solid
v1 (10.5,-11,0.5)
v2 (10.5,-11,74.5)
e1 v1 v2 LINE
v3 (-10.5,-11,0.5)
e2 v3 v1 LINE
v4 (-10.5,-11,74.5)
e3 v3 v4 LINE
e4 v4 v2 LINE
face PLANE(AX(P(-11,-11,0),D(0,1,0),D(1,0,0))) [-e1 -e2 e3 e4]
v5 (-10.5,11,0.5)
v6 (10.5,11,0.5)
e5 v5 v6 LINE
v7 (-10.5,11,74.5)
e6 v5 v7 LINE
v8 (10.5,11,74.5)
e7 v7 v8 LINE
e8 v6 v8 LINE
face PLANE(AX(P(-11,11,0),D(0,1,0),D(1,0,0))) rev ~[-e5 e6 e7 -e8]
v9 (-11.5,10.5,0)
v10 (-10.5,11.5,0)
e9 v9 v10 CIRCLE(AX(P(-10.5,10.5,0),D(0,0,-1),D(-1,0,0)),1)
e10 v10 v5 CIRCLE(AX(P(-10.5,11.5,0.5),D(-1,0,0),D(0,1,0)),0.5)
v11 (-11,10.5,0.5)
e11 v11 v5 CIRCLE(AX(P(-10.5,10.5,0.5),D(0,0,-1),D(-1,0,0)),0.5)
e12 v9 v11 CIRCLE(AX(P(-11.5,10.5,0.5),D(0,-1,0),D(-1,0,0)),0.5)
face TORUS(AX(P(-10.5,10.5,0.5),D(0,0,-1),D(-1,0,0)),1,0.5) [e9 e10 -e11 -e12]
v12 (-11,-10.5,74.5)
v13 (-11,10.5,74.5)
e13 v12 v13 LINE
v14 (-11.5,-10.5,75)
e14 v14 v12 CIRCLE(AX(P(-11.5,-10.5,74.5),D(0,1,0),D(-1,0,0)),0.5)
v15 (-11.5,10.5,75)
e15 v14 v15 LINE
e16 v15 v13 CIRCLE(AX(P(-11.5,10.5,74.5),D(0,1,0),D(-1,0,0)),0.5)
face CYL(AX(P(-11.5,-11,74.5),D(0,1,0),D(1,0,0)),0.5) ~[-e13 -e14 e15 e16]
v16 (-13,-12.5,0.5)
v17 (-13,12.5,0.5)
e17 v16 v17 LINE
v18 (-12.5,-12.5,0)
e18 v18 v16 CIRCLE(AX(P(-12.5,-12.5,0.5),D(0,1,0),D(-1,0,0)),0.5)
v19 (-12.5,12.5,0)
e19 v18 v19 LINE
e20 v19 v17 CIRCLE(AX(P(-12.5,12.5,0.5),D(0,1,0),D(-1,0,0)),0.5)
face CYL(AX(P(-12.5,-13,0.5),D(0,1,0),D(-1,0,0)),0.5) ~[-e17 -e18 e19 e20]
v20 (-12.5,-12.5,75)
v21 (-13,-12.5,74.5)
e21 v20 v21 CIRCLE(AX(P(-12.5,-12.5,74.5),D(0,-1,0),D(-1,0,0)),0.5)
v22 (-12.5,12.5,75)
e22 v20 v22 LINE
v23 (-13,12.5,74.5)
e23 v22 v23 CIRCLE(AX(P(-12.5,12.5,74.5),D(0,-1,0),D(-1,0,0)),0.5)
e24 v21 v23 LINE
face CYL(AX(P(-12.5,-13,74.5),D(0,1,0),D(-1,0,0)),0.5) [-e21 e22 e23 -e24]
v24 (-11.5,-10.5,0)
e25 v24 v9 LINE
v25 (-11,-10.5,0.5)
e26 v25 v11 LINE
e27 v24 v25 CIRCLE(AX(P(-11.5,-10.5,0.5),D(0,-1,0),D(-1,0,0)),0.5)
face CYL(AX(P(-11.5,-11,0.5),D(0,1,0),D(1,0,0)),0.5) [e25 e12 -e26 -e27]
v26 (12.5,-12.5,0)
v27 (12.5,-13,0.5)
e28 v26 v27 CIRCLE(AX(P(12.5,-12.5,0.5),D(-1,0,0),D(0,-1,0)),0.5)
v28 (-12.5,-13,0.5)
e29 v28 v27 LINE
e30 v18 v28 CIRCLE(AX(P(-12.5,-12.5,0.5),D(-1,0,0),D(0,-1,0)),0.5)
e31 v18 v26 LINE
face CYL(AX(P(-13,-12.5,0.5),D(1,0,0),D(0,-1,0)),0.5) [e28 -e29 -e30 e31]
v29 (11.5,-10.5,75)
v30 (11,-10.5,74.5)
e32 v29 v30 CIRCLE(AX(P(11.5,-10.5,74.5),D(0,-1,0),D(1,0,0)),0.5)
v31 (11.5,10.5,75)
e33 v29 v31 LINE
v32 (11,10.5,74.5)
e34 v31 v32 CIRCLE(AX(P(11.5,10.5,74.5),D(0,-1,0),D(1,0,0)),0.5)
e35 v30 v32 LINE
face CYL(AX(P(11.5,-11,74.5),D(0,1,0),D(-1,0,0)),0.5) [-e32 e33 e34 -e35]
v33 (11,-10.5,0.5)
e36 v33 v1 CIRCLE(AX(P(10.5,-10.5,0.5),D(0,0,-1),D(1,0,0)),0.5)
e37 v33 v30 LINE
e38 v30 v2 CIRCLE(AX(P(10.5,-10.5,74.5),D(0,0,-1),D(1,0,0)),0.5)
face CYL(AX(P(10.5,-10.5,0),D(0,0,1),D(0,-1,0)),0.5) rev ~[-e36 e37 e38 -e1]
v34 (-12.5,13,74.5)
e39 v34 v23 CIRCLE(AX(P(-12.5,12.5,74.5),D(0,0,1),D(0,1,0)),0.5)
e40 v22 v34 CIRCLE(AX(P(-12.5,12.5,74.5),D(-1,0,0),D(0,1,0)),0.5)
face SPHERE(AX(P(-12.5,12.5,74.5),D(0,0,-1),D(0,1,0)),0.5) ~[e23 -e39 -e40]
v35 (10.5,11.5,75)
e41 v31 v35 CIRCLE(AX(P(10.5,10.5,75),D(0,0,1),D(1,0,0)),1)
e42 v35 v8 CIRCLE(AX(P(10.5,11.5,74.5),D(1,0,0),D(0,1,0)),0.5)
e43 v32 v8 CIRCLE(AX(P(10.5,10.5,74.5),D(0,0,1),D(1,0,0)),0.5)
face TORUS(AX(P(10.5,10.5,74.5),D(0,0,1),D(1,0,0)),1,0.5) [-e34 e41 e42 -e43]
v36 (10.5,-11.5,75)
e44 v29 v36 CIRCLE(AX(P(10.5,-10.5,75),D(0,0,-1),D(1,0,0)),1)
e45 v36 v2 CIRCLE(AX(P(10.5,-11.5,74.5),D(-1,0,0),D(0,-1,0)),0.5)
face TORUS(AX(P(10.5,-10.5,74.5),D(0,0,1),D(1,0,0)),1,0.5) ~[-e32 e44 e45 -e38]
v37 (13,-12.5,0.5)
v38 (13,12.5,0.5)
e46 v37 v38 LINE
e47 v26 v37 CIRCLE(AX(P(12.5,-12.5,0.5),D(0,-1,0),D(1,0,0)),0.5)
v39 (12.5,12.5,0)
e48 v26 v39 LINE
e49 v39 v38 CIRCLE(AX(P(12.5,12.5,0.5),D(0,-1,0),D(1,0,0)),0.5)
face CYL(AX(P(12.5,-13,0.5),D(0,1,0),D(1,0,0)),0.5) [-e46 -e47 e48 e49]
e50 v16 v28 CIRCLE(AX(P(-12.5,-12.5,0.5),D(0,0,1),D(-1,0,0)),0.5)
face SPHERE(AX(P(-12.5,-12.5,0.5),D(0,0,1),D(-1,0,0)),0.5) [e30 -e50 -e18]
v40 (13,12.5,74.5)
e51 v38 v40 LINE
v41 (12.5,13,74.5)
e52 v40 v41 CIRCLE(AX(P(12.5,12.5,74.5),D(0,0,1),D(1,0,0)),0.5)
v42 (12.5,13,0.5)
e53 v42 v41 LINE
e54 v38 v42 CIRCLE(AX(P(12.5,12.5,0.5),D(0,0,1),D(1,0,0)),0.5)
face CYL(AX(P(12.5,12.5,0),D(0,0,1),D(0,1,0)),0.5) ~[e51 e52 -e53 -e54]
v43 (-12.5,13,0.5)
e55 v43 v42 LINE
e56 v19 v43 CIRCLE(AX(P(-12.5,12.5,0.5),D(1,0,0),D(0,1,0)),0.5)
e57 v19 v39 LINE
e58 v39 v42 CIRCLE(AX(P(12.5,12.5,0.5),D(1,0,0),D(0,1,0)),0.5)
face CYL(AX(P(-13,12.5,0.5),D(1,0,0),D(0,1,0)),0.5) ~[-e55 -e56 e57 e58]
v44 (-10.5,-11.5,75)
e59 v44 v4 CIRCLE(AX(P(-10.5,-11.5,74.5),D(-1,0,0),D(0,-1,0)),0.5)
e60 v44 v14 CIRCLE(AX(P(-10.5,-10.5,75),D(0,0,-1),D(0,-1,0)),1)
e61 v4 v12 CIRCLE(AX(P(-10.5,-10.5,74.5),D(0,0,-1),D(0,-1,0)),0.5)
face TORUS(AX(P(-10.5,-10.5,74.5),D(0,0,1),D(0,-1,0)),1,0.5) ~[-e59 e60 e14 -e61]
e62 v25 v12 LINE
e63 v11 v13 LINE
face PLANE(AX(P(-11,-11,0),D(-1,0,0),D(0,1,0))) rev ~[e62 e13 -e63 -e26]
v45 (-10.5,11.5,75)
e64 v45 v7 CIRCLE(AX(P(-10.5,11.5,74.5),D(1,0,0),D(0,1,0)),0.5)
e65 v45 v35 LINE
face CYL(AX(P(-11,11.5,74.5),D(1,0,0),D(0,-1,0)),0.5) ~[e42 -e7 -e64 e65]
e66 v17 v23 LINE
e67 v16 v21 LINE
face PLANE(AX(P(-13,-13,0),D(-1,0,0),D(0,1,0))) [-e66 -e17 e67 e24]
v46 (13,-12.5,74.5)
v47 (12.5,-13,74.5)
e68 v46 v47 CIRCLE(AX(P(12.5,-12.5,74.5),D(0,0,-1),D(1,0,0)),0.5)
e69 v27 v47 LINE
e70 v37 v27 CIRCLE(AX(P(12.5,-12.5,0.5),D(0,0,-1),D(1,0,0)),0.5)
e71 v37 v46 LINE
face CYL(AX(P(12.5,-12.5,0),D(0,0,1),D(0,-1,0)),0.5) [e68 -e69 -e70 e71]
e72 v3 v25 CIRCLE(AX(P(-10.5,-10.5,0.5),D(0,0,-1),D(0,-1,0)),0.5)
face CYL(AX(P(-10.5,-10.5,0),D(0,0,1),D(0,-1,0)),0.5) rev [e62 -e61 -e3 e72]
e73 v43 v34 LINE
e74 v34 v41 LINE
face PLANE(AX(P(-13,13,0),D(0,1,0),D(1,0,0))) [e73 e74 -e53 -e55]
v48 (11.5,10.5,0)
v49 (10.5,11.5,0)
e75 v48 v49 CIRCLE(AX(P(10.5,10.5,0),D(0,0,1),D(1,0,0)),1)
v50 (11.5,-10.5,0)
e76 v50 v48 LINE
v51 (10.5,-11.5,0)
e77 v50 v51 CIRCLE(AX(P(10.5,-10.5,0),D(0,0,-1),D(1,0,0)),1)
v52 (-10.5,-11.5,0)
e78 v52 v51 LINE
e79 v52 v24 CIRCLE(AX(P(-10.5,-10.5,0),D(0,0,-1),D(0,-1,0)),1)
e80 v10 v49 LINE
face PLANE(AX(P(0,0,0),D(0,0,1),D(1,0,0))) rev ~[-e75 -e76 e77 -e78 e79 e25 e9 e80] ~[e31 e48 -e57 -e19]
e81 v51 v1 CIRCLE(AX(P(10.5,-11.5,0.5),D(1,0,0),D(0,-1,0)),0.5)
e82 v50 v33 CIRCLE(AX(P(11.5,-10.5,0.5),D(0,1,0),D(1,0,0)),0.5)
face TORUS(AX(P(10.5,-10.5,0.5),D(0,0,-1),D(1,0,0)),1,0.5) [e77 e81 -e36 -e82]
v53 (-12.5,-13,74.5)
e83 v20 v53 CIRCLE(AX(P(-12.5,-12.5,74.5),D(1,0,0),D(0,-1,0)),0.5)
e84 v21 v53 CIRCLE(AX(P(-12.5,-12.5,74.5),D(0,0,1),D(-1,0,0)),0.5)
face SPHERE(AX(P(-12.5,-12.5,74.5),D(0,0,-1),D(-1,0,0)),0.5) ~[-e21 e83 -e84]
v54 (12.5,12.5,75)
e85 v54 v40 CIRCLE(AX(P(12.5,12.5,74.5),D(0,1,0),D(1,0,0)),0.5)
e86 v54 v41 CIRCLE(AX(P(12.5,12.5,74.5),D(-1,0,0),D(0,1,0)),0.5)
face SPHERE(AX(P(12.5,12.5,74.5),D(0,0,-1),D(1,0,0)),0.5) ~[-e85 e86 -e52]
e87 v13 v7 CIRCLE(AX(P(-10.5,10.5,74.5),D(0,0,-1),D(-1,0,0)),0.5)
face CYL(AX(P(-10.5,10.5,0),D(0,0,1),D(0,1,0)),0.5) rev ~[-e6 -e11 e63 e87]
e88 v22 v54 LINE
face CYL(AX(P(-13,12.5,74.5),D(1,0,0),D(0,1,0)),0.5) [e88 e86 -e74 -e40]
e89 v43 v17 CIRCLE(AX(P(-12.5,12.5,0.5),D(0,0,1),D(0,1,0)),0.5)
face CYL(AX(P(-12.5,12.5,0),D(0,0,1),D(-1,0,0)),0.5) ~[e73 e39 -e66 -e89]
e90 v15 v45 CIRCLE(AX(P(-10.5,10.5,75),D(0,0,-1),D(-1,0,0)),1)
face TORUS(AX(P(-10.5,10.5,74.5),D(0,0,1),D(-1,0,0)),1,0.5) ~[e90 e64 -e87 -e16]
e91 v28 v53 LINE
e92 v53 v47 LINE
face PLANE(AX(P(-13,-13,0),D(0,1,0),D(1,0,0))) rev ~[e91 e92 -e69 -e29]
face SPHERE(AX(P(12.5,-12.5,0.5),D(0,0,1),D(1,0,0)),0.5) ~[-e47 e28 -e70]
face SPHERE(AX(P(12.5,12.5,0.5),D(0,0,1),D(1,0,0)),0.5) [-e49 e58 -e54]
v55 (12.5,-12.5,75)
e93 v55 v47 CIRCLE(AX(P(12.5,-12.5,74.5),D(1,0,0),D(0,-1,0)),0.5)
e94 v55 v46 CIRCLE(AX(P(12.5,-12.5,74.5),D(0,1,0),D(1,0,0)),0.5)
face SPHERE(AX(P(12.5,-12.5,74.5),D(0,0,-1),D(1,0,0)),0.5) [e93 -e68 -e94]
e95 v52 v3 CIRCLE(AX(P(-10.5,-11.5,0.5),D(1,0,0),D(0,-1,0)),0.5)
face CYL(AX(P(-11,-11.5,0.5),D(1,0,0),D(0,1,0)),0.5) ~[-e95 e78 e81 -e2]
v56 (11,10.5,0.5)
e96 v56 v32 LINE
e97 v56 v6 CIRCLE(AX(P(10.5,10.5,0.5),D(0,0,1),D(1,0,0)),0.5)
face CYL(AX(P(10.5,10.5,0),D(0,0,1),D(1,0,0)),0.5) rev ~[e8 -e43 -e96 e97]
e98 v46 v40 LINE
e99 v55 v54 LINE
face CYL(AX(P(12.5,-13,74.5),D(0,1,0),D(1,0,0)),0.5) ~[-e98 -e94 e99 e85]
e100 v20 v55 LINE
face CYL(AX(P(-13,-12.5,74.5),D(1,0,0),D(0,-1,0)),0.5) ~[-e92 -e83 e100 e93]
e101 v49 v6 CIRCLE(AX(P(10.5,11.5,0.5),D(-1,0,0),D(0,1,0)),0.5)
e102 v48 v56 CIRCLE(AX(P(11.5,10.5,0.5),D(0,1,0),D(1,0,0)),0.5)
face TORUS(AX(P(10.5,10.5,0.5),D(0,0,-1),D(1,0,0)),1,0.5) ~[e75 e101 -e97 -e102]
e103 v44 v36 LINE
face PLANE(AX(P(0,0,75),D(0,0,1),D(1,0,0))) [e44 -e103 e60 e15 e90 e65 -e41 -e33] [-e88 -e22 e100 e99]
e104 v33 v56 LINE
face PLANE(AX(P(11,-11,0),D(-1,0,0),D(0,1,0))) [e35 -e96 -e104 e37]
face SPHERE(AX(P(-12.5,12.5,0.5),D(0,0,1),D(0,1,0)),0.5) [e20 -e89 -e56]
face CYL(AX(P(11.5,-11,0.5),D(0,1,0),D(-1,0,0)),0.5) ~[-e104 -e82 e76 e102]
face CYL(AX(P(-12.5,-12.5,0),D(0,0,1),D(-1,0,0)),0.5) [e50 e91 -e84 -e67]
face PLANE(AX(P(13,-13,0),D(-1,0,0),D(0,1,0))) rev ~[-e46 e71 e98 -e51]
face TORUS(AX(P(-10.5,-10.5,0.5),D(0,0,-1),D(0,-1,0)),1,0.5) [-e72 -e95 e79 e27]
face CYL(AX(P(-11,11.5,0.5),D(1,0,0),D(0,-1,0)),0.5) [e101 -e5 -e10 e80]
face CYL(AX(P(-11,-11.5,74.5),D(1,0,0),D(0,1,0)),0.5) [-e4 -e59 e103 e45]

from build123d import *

# Parameters (mm, degrees)
F0_W     = 26
F0_H     = 26
F0_W_2   = 22
F0_H_2   = 22
F1_DEPTH = 75
F2_R     = 0.5


with BuildPart() as f1:
    # F0 (on Top) → F1 (new body)
    with BuildSketch(Plane.XY):
        Rectangle(F0_W, F0_H)
        Rectangle(F0_W_2, F0_H_2, mode=Mode.SUBTRACT)
    extrude(amount=F1_DEPTH)

    # F2
    f2_edges = [f1.edges().sort_by_distance(p)[0] for p in [
        (13, -13, 37.5),
        (13, 13, 37.5),
        (13, 0, 0),
        (13, 0, 75),
        (-13, 13, 37.5),
        (0, 13, 0),
        (0, 13, 75),
        (-13, -13, 37.5),
        (-13, 0, 0),
        (-13, 0, 75),
        (0, -13, 0),
        (0, -13, 75),
        (11, 11, 37.5),
        (11, -11, 37.5),
        (11, 0, 0),
        (11, 0, 75),
        (-11, -11, 37.5),
        (0, -11, 0),
        (0, -11, 75),
        (-11, 11, 37.5),
        (-11, 0, 0),
        (-11, 0, 75),
        (0, 11, 0),
        (0, 11, 75),
    ]]
    fillet(f2_edges, radius=F2_R)


solid = f1.part
